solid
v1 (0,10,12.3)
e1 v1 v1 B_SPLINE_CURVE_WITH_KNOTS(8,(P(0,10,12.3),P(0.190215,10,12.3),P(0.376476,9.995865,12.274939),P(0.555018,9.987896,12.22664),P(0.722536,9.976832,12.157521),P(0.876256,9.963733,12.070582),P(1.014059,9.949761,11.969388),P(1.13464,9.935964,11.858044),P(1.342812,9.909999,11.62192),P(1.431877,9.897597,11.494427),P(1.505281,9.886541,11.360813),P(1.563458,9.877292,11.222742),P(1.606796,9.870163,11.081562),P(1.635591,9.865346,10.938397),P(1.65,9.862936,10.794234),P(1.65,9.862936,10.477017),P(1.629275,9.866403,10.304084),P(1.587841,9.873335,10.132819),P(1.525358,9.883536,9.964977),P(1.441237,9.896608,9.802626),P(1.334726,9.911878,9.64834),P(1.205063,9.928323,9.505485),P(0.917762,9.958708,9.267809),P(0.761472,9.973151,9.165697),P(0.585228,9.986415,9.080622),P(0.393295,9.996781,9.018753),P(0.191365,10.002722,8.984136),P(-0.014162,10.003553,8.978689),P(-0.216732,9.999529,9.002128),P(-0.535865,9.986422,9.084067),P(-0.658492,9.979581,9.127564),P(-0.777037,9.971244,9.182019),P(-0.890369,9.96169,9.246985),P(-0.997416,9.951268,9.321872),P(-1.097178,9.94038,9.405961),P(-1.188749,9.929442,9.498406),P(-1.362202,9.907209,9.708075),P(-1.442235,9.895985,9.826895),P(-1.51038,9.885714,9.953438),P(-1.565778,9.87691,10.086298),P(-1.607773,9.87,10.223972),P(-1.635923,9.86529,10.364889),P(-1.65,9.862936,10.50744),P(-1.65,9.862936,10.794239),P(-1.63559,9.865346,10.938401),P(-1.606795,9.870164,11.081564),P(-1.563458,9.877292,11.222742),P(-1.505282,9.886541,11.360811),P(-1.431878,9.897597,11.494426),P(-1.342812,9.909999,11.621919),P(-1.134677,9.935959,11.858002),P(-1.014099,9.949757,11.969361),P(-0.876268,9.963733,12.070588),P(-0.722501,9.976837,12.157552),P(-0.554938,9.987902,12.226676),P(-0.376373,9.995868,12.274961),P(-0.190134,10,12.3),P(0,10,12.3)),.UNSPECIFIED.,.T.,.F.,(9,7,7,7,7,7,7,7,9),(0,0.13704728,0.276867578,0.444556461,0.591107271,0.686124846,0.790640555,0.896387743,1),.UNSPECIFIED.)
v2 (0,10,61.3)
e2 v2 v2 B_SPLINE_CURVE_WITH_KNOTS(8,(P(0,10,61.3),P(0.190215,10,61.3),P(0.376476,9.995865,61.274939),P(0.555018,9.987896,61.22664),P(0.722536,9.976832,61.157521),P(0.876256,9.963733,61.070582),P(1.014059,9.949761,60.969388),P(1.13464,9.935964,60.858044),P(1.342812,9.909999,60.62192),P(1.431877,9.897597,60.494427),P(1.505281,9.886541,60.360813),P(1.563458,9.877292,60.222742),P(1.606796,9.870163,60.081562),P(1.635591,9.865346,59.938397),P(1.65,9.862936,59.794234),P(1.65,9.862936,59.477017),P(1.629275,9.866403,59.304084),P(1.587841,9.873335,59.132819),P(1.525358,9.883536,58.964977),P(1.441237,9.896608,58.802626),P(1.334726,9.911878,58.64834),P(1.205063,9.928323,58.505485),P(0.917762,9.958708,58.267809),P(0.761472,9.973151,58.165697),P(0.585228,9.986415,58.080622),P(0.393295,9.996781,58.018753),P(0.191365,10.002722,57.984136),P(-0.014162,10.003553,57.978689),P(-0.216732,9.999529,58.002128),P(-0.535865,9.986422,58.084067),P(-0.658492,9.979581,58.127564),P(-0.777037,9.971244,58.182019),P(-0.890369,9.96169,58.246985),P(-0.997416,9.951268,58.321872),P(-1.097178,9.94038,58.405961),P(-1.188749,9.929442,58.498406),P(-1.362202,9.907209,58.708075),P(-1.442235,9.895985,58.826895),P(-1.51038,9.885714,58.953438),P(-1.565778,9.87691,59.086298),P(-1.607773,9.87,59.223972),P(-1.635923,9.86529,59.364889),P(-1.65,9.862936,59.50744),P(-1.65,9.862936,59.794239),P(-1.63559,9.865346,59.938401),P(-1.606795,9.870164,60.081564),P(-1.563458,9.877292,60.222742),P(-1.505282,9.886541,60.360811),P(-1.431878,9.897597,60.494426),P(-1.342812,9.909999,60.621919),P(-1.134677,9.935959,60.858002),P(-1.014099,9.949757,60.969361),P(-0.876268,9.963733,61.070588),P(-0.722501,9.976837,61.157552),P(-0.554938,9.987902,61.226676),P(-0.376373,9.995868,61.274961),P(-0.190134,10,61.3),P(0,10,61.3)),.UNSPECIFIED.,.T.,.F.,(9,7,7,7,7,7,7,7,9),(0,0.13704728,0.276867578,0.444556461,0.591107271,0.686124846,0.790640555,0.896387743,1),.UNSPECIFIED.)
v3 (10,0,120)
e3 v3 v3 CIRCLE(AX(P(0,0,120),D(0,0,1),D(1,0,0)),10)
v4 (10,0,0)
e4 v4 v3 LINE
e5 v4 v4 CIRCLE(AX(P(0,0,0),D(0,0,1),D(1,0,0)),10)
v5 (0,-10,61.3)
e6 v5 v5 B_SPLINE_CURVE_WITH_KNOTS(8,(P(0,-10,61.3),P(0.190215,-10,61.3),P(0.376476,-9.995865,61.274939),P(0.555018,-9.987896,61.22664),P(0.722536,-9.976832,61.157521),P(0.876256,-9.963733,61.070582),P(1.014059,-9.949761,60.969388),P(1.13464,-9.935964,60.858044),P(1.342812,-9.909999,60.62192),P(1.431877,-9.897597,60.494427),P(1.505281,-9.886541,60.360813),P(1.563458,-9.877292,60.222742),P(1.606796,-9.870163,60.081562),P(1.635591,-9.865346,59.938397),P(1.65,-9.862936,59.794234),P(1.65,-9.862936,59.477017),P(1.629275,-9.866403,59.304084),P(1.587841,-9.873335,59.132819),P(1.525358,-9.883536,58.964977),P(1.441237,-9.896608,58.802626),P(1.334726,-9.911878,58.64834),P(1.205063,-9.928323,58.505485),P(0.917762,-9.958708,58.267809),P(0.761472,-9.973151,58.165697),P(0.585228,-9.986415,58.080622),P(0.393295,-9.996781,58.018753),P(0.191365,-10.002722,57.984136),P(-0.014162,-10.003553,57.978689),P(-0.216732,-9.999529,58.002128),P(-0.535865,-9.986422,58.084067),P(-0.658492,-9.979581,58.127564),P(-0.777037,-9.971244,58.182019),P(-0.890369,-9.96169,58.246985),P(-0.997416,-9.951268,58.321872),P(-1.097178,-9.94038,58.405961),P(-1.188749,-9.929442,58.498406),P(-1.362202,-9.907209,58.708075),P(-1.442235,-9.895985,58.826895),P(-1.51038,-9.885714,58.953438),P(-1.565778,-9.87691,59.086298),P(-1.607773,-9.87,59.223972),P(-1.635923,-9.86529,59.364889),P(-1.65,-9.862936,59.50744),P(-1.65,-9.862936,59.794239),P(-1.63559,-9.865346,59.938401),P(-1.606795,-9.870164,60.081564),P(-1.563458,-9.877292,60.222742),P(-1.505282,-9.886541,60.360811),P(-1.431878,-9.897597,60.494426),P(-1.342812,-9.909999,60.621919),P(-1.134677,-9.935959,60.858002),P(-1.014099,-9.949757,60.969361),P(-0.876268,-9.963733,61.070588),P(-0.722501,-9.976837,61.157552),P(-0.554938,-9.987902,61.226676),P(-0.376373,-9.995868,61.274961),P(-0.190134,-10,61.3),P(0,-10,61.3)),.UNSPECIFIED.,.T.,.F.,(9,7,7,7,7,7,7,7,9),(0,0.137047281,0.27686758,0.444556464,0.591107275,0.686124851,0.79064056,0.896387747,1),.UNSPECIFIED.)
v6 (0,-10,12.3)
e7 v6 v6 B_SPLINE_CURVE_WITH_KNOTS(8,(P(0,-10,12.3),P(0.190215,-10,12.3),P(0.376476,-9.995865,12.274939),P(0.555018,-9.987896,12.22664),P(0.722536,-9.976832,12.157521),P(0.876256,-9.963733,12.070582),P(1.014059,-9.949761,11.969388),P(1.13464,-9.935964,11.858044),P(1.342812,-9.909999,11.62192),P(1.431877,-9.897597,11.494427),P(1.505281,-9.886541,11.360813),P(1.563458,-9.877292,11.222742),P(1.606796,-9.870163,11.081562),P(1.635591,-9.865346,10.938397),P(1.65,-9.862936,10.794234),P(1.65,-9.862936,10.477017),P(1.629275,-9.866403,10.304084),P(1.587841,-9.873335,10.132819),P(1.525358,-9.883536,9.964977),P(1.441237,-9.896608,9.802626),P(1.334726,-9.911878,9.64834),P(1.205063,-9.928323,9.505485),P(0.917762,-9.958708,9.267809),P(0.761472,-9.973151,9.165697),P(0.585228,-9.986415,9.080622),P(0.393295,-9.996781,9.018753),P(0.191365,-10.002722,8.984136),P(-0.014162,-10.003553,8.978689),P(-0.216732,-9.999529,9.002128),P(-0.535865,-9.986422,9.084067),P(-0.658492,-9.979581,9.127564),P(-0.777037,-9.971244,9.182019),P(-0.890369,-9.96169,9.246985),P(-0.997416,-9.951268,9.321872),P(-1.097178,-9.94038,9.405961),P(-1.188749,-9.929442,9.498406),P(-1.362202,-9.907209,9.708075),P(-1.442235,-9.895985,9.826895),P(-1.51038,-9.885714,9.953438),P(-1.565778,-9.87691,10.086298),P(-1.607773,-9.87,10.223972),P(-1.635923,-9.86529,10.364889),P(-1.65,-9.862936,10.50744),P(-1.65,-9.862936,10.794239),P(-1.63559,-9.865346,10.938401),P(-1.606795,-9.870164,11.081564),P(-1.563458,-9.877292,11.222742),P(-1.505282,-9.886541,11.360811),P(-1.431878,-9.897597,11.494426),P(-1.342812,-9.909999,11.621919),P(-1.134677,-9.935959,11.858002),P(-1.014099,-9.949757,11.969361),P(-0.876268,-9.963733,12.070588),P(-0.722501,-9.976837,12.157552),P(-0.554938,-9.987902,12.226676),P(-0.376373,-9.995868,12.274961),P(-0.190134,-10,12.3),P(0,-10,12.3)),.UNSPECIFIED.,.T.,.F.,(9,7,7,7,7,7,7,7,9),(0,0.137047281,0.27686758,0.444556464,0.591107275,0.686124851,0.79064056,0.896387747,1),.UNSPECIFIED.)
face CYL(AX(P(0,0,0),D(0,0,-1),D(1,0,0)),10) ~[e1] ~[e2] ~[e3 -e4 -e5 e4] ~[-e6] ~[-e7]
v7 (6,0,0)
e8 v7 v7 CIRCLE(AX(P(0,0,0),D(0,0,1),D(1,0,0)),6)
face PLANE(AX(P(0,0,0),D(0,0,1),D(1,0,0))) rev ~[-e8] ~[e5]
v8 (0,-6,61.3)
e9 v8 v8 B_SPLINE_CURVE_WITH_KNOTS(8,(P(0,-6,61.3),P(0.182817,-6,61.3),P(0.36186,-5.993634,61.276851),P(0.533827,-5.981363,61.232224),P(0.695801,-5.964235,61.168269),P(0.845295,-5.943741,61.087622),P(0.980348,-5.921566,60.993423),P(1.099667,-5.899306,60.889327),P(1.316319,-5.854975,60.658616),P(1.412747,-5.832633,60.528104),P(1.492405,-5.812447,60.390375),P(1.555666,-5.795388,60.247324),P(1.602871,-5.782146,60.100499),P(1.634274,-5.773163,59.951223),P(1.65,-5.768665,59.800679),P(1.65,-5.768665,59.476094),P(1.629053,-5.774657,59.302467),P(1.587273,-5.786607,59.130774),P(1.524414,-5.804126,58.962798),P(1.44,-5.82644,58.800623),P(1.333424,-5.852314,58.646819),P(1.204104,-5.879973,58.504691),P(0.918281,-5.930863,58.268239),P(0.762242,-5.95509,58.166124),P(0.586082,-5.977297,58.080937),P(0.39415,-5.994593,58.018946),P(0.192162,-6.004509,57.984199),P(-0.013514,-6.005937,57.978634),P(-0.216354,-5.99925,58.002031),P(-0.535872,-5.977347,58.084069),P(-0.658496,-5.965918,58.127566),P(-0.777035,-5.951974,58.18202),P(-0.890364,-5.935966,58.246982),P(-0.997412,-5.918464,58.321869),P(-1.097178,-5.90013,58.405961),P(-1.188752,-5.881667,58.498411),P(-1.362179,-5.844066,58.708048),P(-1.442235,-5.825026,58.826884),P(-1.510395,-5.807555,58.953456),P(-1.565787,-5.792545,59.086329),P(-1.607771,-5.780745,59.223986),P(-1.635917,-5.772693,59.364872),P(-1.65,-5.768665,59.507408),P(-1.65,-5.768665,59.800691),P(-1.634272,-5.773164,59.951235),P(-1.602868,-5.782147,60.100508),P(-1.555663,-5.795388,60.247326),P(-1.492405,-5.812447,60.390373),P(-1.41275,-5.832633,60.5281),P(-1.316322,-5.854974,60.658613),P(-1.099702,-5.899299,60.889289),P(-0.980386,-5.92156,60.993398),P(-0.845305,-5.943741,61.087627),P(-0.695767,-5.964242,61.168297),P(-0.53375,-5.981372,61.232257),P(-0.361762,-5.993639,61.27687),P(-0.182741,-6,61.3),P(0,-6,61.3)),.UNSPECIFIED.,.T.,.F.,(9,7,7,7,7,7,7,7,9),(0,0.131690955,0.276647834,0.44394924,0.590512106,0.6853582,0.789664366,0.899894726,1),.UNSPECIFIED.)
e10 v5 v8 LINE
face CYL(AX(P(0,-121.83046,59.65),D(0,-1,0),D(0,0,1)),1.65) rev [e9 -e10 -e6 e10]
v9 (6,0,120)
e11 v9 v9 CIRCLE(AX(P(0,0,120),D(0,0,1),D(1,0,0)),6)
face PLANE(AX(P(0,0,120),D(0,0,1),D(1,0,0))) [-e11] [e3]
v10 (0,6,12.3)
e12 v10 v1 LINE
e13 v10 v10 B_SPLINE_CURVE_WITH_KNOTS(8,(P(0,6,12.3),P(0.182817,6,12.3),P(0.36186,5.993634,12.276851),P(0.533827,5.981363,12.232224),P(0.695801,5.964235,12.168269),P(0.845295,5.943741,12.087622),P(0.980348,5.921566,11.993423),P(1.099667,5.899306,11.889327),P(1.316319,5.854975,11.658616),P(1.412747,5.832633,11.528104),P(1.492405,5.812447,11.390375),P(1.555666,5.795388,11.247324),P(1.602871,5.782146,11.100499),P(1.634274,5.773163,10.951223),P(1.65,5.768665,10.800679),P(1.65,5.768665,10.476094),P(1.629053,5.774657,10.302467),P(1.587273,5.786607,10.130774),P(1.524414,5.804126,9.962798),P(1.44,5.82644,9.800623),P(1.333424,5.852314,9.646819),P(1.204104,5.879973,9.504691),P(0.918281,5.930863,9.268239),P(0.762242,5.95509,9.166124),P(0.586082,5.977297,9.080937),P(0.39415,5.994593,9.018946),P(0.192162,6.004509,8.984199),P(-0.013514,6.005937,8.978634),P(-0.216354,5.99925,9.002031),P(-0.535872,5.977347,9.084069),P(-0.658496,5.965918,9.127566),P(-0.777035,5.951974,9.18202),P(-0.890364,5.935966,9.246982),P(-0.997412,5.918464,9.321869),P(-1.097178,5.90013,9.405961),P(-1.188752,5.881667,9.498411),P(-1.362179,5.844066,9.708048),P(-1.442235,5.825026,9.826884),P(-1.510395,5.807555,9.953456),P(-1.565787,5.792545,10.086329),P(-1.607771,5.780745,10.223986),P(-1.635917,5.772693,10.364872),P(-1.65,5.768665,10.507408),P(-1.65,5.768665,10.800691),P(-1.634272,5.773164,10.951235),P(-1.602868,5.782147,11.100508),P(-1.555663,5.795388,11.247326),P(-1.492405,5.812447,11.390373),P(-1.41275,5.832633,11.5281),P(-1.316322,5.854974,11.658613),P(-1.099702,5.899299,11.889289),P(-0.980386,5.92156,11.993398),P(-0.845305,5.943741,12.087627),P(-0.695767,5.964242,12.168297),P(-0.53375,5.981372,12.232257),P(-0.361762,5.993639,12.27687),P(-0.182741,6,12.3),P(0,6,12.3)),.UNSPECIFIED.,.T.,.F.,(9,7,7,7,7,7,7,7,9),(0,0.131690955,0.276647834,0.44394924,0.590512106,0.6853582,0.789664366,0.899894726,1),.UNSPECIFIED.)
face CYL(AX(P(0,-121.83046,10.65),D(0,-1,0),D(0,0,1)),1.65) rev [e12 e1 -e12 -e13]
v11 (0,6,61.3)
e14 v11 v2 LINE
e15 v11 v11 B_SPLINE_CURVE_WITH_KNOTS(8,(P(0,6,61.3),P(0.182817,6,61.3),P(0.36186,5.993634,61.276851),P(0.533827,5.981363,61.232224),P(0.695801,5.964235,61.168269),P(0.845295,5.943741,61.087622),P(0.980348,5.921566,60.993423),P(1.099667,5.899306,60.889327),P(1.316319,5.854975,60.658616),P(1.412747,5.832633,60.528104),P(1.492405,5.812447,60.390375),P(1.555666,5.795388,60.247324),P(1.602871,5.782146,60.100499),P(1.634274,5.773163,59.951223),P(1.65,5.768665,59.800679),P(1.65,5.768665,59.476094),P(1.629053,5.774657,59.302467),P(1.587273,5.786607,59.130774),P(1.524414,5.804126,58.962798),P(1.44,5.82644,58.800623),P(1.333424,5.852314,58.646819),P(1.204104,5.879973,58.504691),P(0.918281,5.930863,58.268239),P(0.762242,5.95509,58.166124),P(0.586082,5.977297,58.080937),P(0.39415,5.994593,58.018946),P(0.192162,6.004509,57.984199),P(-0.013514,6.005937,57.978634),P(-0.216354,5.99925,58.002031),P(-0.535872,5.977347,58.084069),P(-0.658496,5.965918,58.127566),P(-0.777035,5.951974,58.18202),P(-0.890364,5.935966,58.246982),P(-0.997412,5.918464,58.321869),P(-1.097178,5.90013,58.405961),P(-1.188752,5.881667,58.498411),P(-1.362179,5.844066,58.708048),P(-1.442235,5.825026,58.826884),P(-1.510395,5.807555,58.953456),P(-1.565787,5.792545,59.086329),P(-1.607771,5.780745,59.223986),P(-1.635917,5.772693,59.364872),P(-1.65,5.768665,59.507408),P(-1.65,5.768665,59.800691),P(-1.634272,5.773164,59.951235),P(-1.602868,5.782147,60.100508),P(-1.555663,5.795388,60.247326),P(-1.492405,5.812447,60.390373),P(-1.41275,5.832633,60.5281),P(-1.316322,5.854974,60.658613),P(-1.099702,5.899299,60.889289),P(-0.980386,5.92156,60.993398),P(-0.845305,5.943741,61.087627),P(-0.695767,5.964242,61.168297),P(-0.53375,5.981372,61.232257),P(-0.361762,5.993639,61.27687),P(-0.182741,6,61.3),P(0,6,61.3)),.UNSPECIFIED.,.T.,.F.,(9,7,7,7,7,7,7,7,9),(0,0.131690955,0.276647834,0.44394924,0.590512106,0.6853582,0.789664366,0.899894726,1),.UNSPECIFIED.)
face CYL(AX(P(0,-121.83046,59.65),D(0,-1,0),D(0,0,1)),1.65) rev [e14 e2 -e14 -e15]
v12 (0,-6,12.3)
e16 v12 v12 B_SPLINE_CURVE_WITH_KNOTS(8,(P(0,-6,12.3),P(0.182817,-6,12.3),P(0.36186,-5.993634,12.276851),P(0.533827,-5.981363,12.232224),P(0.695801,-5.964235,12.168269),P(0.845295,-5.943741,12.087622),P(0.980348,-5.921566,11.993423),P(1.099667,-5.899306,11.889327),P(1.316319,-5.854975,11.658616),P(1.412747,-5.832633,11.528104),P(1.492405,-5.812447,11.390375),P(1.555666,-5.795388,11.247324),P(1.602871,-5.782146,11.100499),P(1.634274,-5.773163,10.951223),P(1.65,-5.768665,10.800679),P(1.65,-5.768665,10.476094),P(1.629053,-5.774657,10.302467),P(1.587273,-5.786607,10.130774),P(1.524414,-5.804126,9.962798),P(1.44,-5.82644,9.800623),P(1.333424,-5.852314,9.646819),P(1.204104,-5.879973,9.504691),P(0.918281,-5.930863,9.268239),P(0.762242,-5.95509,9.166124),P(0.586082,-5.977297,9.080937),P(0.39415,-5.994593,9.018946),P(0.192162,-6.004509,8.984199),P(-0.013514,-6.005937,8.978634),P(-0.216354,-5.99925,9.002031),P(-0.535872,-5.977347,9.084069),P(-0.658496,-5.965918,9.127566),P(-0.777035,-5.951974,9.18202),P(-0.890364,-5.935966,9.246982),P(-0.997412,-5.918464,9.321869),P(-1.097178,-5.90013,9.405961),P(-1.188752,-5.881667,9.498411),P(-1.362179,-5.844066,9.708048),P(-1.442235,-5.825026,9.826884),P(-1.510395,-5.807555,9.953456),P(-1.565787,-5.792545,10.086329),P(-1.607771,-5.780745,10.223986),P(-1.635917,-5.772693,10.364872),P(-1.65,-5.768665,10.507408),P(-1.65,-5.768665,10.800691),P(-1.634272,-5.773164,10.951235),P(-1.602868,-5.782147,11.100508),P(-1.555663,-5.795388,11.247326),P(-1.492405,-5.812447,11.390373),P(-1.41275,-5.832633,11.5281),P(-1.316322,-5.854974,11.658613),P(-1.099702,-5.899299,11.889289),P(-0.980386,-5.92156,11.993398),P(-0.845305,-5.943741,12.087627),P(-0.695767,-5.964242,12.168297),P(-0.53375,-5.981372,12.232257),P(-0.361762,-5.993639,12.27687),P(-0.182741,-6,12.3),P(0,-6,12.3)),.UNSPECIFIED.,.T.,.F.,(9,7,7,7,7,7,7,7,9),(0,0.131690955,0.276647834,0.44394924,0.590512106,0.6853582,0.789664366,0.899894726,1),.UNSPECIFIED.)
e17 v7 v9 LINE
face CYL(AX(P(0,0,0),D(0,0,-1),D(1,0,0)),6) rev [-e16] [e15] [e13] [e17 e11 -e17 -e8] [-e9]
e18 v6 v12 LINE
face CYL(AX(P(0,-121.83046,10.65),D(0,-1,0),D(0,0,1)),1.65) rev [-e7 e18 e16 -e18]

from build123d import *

# Parameters (mm, degrees)
SKETCH_1_R               = 10
SKETCH_1_R_2             = 6
EXTRUDE_1_DEPTH          = 120
CUT_EXTRUDE_1_DEPTH      = 121.830459736
CUT_EXTRUDE_1_DEPTH_BACK = 121.830459736
SKETCH_2_R               = 1.65


with BuildPart() as part:
    # Эскиз1 → Бобышка-Вытянуть1 (new body)
    with BuildSketch(Plane.XY):
        Circle(SKETCH_1_R)
        Circle(SKETCH_1_R_2, mode=Mode.SUBTRACT)
    extrude(amount=EXTRUDE_1_DEPTH)

    # Эскиз2 → Вырез-Вытянуть1 (cut, two sides: drawn at the far end of the back side and taken through both)
    with BuildSketch(Plane(origin=(0, 0, 0), x_dir=(1, 0, 0), z_dir=(0, 1, 0)).offset(-CUT_EXTRUDE_1_DEPTH_BACK)):
        with Locations(Location((0, -10.65, 0), (0, 0, 270))):
            Circle(SKETCH_2_R)
        with Locations(Location((0, -59.65, 0), (0, 0, 270))):
            Circle(SKETCH_2_R)
    extrude(amount=CUT_EXTRUDE_1_DEPTH + CUT_EXTRUDE_1_DEPTH_BACK, mode=Mode.SUBTRACT)


solid = part.part
